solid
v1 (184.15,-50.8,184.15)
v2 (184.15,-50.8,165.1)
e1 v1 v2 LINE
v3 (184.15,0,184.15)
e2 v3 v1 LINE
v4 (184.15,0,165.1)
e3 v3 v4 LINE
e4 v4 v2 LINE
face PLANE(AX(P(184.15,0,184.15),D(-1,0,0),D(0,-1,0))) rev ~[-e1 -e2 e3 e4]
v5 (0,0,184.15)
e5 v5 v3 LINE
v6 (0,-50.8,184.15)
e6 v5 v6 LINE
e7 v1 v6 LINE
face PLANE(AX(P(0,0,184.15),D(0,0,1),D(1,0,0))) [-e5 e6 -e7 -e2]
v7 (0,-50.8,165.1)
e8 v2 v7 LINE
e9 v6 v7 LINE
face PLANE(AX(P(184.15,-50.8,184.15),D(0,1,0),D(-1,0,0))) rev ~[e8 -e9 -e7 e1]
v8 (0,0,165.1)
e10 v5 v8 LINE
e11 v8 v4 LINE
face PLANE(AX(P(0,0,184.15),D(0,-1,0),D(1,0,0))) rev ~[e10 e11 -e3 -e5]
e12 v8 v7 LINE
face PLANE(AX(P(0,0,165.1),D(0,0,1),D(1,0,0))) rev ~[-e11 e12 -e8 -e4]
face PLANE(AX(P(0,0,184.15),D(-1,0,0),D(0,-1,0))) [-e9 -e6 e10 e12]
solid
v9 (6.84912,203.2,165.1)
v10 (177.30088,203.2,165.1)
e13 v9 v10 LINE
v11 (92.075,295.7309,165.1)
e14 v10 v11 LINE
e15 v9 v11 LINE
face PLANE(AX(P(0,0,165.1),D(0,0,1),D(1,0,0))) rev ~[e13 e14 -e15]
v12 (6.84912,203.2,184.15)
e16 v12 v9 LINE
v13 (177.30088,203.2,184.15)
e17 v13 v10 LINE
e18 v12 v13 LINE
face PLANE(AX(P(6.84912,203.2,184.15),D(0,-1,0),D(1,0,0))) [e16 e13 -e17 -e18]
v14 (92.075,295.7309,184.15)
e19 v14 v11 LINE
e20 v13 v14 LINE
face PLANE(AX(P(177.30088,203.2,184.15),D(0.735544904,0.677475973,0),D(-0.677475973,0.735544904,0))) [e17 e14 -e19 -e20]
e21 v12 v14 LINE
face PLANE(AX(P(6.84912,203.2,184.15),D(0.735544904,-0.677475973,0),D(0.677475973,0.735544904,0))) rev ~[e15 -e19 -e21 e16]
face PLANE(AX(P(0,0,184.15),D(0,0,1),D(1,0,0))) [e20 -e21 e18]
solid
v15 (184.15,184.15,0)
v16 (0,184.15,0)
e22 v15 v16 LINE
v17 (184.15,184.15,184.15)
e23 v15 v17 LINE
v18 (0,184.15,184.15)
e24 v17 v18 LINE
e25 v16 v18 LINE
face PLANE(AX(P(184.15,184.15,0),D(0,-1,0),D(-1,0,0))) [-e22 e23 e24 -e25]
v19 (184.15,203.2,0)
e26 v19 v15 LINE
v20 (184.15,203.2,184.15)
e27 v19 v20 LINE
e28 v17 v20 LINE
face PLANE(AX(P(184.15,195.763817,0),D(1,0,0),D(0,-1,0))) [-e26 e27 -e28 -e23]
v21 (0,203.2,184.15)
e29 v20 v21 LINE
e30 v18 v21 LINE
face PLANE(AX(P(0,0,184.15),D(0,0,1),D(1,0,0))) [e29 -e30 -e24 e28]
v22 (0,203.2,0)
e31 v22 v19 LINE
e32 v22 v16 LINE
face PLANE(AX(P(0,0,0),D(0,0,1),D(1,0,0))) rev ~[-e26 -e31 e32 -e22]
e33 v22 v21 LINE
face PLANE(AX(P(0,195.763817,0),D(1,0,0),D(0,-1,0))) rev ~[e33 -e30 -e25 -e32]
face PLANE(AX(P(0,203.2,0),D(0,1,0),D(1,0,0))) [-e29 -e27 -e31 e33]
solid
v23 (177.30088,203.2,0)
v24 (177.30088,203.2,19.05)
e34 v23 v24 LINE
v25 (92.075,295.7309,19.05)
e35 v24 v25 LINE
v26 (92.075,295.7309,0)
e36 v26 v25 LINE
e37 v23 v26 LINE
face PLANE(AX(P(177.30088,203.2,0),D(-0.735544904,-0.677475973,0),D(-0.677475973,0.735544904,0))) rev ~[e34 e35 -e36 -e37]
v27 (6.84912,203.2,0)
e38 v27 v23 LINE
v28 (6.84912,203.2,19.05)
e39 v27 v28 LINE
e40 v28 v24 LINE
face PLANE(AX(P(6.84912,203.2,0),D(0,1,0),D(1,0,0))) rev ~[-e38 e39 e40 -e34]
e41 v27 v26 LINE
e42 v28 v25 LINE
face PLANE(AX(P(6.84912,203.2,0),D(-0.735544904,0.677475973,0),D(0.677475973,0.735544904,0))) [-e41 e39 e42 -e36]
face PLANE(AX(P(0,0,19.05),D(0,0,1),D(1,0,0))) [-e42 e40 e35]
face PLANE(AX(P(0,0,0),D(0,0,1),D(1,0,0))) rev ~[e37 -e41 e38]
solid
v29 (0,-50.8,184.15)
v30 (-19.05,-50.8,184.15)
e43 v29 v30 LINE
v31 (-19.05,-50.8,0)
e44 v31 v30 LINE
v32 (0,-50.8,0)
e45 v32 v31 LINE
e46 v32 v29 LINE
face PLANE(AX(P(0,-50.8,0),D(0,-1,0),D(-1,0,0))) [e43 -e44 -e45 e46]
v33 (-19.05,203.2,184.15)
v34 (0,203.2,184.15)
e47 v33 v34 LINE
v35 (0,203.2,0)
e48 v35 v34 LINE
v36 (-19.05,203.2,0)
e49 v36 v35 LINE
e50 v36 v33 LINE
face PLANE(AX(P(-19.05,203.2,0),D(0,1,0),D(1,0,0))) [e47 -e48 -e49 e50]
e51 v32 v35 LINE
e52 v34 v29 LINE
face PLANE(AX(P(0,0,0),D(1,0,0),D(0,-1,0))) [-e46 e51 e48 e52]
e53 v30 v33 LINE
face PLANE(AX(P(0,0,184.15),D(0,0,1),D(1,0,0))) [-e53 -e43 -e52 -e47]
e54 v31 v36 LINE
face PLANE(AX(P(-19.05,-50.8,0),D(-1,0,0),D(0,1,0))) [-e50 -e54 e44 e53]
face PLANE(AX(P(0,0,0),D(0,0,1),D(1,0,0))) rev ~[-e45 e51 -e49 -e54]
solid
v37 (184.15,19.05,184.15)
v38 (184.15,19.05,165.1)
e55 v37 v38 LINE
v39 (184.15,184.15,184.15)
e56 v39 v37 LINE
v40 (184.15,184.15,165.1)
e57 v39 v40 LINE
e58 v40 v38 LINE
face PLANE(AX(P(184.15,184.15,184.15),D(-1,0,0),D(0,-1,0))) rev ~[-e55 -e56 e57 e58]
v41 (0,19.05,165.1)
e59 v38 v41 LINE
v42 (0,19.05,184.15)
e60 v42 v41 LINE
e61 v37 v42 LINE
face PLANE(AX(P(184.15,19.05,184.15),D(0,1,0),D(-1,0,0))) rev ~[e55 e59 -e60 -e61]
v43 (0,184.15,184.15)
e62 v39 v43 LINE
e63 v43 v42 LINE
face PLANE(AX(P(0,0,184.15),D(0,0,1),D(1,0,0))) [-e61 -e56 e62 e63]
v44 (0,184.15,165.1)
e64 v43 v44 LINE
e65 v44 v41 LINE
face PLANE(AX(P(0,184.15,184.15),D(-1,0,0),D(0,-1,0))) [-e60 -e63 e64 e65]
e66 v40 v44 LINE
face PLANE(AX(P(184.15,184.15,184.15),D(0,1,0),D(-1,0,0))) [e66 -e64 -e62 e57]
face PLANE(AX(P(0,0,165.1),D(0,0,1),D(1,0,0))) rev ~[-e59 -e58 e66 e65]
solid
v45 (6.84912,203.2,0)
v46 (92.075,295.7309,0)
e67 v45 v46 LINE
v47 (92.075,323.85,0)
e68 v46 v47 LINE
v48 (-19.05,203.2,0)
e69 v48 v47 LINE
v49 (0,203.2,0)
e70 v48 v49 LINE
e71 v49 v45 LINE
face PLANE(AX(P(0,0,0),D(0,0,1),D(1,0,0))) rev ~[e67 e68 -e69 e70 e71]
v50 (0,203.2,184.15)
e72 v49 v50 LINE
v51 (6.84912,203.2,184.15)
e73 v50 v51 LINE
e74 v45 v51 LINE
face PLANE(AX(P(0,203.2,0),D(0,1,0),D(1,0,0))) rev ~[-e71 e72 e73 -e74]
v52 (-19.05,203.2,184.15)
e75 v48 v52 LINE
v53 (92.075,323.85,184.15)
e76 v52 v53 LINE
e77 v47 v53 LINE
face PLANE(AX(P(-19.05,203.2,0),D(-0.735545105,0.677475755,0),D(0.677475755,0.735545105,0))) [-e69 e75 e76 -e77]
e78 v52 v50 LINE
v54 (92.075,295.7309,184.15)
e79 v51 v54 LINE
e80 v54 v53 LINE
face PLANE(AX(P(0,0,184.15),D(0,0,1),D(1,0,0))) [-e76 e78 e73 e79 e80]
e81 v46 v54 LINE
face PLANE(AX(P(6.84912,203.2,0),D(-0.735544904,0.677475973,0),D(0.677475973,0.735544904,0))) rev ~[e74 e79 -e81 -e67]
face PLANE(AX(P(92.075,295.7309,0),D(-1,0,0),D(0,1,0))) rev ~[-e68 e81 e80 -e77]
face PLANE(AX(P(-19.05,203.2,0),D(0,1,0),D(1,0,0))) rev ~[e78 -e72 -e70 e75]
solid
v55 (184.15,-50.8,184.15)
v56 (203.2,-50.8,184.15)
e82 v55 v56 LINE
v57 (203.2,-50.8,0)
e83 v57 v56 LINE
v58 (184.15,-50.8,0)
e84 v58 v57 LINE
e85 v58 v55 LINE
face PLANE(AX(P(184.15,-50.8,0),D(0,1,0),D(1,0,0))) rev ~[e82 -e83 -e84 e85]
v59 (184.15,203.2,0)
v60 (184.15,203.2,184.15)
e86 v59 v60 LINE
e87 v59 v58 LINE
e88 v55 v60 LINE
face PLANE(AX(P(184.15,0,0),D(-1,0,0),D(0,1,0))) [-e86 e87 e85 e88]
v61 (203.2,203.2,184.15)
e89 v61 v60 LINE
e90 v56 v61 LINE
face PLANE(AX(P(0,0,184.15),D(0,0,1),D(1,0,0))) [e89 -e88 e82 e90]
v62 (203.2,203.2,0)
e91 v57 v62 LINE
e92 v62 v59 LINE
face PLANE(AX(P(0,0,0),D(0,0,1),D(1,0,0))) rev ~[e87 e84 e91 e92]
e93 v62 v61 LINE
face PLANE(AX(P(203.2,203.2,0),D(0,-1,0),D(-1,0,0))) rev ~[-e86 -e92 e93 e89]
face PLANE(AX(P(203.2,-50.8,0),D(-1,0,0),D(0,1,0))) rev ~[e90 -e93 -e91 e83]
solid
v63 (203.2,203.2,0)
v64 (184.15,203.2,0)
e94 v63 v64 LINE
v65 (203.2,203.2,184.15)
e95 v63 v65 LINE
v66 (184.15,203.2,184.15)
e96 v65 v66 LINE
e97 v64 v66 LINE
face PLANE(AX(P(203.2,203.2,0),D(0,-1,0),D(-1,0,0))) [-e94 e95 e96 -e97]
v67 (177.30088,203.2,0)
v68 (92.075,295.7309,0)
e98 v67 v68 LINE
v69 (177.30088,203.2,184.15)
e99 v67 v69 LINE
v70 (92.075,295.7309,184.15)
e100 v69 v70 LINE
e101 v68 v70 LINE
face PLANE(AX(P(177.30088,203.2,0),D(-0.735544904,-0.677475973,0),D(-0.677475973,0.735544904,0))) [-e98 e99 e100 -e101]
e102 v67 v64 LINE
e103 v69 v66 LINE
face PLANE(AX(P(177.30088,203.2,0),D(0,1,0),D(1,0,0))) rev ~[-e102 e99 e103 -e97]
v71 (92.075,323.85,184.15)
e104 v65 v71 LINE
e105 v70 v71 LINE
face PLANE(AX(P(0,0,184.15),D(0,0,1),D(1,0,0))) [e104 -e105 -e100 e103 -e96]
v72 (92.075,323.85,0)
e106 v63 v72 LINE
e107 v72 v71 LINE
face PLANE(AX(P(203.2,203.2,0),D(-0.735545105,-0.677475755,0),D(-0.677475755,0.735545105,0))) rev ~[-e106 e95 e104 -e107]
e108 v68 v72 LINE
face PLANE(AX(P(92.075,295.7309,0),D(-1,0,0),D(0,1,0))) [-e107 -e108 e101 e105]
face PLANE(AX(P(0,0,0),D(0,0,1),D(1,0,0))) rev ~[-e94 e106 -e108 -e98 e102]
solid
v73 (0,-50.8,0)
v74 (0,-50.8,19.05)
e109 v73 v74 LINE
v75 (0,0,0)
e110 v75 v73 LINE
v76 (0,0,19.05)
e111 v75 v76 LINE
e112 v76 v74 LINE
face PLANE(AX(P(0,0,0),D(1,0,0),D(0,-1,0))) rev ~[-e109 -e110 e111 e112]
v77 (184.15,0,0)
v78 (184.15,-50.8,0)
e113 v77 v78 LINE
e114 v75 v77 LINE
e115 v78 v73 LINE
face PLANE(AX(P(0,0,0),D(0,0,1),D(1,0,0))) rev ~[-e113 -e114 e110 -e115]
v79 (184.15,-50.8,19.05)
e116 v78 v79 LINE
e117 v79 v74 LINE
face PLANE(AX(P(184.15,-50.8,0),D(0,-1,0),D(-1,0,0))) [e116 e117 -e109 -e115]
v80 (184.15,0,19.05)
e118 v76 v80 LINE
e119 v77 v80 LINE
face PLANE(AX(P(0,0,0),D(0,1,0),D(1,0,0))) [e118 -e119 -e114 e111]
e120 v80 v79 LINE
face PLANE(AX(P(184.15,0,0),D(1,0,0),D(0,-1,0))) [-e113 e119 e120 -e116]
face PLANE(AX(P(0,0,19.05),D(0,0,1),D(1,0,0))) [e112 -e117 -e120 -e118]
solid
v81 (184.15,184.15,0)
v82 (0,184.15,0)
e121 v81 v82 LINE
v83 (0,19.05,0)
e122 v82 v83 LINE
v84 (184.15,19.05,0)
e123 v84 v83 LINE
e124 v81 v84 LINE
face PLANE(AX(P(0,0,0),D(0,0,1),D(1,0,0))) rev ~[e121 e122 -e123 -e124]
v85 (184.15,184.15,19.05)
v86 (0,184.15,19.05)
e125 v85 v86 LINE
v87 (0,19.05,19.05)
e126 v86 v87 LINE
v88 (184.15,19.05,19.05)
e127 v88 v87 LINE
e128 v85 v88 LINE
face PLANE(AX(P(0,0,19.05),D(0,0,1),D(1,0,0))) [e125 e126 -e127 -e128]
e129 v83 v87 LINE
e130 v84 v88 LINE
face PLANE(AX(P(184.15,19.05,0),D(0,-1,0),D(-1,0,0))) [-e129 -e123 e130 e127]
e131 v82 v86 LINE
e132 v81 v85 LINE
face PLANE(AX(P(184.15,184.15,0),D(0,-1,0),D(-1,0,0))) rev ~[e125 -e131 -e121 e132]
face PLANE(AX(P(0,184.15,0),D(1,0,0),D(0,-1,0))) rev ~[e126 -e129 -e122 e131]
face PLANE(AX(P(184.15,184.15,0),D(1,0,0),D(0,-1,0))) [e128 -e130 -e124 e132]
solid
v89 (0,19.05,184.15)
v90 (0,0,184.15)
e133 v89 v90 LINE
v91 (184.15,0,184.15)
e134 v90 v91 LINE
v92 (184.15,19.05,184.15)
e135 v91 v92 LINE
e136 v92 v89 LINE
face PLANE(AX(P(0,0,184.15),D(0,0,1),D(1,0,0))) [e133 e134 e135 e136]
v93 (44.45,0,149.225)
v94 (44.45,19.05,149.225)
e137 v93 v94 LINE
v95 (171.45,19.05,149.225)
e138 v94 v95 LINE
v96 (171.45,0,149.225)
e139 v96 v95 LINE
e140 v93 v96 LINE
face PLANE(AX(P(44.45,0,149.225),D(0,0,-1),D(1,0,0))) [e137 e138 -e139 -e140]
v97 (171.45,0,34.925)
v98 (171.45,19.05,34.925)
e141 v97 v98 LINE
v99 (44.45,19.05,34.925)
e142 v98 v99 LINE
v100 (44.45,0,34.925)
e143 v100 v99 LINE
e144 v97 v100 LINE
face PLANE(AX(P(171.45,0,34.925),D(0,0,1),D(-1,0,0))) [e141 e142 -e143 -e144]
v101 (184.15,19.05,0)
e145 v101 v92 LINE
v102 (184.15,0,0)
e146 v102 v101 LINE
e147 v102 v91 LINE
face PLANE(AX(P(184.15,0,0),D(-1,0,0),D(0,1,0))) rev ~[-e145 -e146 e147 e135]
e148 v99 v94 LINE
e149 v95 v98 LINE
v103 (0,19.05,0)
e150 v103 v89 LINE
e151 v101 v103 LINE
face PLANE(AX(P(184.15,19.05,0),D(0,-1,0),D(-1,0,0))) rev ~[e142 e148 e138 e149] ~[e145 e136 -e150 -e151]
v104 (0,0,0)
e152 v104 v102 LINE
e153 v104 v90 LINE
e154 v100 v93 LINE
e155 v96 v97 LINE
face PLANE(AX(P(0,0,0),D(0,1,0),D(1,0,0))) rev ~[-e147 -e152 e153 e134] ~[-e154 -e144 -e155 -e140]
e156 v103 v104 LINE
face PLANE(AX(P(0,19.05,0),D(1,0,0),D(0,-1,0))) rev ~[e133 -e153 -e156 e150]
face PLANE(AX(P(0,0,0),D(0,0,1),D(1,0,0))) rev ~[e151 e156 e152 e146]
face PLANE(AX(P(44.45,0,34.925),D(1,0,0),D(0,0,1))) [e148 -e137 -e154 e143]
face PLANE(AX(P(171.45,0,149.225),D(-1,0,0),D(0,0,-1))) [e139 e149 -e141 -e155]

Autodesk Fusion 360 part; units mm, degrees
sketch "Sketch5" plane through (0, 0, 0) normal (0, 0, 1) x (1, 0, 0)
  line L0 (0, 0) -> (184.15, 0)
  line L1 (184.15, 0) -> (184.15, 19.05)
  line L2 (184.15, 19.05) -> (0, 19.05)
  line L3 (0, 19.05) -> (0, 0)
  line L4 (-46.6311, 0) -> (230.0028, 0) construction
  line L5 (0, -50.8) -> (-19.05, -50.8)
  line L6 (-19.05, -50.8) -> (-19.05, 203.2)
  line L7 (-19.05, 203.2) -> (0, 203.2)
  line L8 (0, 203.2) -> (0, -50.8)
  line L9 (184.15, -50.8) -> (203.2, -50.8)
  line L10 (203.2, -50.8) -> (203.2, 203.2)
  line L11 (203.2, 203.2) -> (184.15, 203.2)
  line L12 (184.15, 203.2) -> (184.15, -50.8)
  line L13 (0, 203.2) -> (184.15, 203.2)
  line L14 (184.15, 203.2) -> (184.15, 184.15)
  line L15 (184.15, 184.15) -> (0, 184.15)
  line L16 (0, 184.15) -> (0, 203.2)
  line L17 (0, 0) -> (184.15, 0)
  line L18 (184.15, 0) -> (184.15, -50.8)
  line L19 (184.15, -50.8) -> (0, -50.8)
  line L20 (0, -50.8) -> (0, 0)
  line L21 (92.075, -50.8) -> (92.075, 323.85) construction
  line L22 (-19.05, 203.2) -> (92.075, 323.85)
  line L23 (203.2, 203.2) -> (92.075, 323.85)
  line L24 (189.1879, 190.2941) -> (92.075, 295.7309)
  line L25 (-5.0379, 190.2941) -> (92.075, 295.7309)
  line L26 (92.075, 295.7309) -> (92.075, 323.85)
  dimension "d72" = 184.15
  dimension "d73" = 19.05
  dimension "d74" = 19.05
  dimension "d75" = 254
  dimension "d76" = 19.05
  dimension "d77" = 50.8
  dimension "d78" = 19.05
  dimension "d79" = 254
  dimension "d80" = 50.8
  dimension "d81" = 184.15
  dimension "d82" = 19.05
  dimension "d83" = 374.65
  dimension "d84" = -19.05
extrude "Extrude1" add sketch "Sketch5" along normal blind 184.15 contours L3 L5 L6 L7 L8 L16 L20 | L1 L9 L10 L11 L12 L14 L18 makes body 1 at (0, 118.5333, 61.3833) makes body 2 at (184.15, 33.8667, 122.7667)
extrude "Extrude3" add sketch "Sketch5" along normal blind 184.15 separate body contours L0 L1 L2 L3 L8 L12 L17 | L8 L12 L13 L14 L15 L16 L24 L25 | L8 L13 L16 L25 | L12 L13 L14 L24 makes body 3 at (122.7667, 184.15, 61.3833) makes body 4 at (122.7667, 19.05, 61.3833)
extrude "Extrude5" add sketch "Sketch5" along normal blind 19.05 separate body contours L2 L8 L12 L15 makes body 5
extrude "Extrude6" add sketch "Sketch5" against normal blind 19.05 from surface at 184.15 separate body contours L2 L8 L12 L15 makes body 6
extrude "Extrude7" add sketch "Sketch5" along normal blind 184.15 separate body contours L7 L13 L22 L25 L26 makes body 7
extrude "Extrude19" add sketch "Sketch5" along normal blind 184.15 separate body contours L11 L13 L23 L24 L26 makes body 8
extrude "Extrude17" add sketch "Sketch5" along normal blind 19.05 separate body contours L0 L8 L12 L17 L18 L19 L20 makes body 9
extrude "Extrude18" add sketch "Sketch5" against normal blind 19.05 from surface at 184.15 separate body contours L0 L8 L12 L17 L18 L19 L20 makes body 10
extrude "Extrude13" add sketch "Sketch5" along normal blind 19.05 separate body contours L13 L24 L25 makes body 11
extrude "Extrude14" add sketch "Sketch5" against normal blind 19.05 from surface at 184.15 separate body contours L13 L24 L25 makes body 12
sketch "Sketch3" plane through (0, 0, 0) normal (0, -1, 0) x (1, 0, 0)
  line L0 (0, 203.2) -> (0, 0)
  line L1 (44.45, 149.225) -> (171.45, 149.225)
  line L2 (171.45, 149.225) -> (171.45, 34.925)
  line L3 (171.45, 34.925) -> (44.45, 34.925)
  line L4 (44.45, 34.925) -> (44.45, 149.225)
  line L5 (0, 0) -> (184.15, 0)
  line L6 (184.15, 0) -> (184.15, 184.15)
  line L7 (184.15, 184.15) -> (0, 184.15)
  line L8 (0, 184.15) -> (0, 0)
  line L9 (184.15, 0) -> (0, 0)
  line L10 (0, 0) -> (0, 184.15)
  line L11 (0, 184.15) -> (184.15, 184.15)
  line L12 (184.15, 184.15) -> (184.15, 0)
  dimension "d47" = 127
  dimension "d48" = 114.3
  dimension "d89" = 12.7
  dimension "d90" = 34.925
extrude "Extrude20" cut sketch "Sketch3" against normal up to surface (19.05 mm away) contours L1 L2 L3 L4 bodies 4
ref_plane "WorkPlane2" through (-19.05, 76.2, 92.075) normal (-1, 0, 0) x (0, -1, 0)
sketch "Sketch4" plane through (-19.05, 76.2, 101.6) normal (-1, 0, 0) x (0, 0, -1)
  line L0 (-92.075, 76.2) -> (115.9309, 76.2) construction
  line L1 (111.125, 57.15) -> (-92.075, 57.15) construction
  line L2 (9.525, -127) -> (9.525, 57.15)
  line L3 (111.125, -34.925) -> (-92.075, -34.925)
  line L4 (31.75, -54.61) -> (-12.7, -54.61)
  line L5 (-12.7, -54.61) -> (-12.7, -15.24)
  line L6 (-12.7, -15.24) -> (31.75, -15.24)
  line L7 (31.75, -15.24) -> (31.75, -54.61)
  line L8 (101.6, -127) -> (101.6, 127)
  line L9 (101.6, 127) -> (-101.6, 127)
  line L10 (101.6, -127) -> (101.6, 127)
  line L11 (101.6, 127) -> (-82.55, 127)
  line L12 (-82.55, 127) -> (-82.55, -127)
  line L13 (-82.55, -127) -> (101.6, -127)
  dimension "d54" = 19.05
  dimension "d56" = 44.45
  dimension "d57" = 39.37
  dimension "d58" = 19.685
  dimension "d59" = 22.225
  dimension "d87" = 92.075
  dimension "d88" = 92.075
extrude "Extrude16" [suppressed]
